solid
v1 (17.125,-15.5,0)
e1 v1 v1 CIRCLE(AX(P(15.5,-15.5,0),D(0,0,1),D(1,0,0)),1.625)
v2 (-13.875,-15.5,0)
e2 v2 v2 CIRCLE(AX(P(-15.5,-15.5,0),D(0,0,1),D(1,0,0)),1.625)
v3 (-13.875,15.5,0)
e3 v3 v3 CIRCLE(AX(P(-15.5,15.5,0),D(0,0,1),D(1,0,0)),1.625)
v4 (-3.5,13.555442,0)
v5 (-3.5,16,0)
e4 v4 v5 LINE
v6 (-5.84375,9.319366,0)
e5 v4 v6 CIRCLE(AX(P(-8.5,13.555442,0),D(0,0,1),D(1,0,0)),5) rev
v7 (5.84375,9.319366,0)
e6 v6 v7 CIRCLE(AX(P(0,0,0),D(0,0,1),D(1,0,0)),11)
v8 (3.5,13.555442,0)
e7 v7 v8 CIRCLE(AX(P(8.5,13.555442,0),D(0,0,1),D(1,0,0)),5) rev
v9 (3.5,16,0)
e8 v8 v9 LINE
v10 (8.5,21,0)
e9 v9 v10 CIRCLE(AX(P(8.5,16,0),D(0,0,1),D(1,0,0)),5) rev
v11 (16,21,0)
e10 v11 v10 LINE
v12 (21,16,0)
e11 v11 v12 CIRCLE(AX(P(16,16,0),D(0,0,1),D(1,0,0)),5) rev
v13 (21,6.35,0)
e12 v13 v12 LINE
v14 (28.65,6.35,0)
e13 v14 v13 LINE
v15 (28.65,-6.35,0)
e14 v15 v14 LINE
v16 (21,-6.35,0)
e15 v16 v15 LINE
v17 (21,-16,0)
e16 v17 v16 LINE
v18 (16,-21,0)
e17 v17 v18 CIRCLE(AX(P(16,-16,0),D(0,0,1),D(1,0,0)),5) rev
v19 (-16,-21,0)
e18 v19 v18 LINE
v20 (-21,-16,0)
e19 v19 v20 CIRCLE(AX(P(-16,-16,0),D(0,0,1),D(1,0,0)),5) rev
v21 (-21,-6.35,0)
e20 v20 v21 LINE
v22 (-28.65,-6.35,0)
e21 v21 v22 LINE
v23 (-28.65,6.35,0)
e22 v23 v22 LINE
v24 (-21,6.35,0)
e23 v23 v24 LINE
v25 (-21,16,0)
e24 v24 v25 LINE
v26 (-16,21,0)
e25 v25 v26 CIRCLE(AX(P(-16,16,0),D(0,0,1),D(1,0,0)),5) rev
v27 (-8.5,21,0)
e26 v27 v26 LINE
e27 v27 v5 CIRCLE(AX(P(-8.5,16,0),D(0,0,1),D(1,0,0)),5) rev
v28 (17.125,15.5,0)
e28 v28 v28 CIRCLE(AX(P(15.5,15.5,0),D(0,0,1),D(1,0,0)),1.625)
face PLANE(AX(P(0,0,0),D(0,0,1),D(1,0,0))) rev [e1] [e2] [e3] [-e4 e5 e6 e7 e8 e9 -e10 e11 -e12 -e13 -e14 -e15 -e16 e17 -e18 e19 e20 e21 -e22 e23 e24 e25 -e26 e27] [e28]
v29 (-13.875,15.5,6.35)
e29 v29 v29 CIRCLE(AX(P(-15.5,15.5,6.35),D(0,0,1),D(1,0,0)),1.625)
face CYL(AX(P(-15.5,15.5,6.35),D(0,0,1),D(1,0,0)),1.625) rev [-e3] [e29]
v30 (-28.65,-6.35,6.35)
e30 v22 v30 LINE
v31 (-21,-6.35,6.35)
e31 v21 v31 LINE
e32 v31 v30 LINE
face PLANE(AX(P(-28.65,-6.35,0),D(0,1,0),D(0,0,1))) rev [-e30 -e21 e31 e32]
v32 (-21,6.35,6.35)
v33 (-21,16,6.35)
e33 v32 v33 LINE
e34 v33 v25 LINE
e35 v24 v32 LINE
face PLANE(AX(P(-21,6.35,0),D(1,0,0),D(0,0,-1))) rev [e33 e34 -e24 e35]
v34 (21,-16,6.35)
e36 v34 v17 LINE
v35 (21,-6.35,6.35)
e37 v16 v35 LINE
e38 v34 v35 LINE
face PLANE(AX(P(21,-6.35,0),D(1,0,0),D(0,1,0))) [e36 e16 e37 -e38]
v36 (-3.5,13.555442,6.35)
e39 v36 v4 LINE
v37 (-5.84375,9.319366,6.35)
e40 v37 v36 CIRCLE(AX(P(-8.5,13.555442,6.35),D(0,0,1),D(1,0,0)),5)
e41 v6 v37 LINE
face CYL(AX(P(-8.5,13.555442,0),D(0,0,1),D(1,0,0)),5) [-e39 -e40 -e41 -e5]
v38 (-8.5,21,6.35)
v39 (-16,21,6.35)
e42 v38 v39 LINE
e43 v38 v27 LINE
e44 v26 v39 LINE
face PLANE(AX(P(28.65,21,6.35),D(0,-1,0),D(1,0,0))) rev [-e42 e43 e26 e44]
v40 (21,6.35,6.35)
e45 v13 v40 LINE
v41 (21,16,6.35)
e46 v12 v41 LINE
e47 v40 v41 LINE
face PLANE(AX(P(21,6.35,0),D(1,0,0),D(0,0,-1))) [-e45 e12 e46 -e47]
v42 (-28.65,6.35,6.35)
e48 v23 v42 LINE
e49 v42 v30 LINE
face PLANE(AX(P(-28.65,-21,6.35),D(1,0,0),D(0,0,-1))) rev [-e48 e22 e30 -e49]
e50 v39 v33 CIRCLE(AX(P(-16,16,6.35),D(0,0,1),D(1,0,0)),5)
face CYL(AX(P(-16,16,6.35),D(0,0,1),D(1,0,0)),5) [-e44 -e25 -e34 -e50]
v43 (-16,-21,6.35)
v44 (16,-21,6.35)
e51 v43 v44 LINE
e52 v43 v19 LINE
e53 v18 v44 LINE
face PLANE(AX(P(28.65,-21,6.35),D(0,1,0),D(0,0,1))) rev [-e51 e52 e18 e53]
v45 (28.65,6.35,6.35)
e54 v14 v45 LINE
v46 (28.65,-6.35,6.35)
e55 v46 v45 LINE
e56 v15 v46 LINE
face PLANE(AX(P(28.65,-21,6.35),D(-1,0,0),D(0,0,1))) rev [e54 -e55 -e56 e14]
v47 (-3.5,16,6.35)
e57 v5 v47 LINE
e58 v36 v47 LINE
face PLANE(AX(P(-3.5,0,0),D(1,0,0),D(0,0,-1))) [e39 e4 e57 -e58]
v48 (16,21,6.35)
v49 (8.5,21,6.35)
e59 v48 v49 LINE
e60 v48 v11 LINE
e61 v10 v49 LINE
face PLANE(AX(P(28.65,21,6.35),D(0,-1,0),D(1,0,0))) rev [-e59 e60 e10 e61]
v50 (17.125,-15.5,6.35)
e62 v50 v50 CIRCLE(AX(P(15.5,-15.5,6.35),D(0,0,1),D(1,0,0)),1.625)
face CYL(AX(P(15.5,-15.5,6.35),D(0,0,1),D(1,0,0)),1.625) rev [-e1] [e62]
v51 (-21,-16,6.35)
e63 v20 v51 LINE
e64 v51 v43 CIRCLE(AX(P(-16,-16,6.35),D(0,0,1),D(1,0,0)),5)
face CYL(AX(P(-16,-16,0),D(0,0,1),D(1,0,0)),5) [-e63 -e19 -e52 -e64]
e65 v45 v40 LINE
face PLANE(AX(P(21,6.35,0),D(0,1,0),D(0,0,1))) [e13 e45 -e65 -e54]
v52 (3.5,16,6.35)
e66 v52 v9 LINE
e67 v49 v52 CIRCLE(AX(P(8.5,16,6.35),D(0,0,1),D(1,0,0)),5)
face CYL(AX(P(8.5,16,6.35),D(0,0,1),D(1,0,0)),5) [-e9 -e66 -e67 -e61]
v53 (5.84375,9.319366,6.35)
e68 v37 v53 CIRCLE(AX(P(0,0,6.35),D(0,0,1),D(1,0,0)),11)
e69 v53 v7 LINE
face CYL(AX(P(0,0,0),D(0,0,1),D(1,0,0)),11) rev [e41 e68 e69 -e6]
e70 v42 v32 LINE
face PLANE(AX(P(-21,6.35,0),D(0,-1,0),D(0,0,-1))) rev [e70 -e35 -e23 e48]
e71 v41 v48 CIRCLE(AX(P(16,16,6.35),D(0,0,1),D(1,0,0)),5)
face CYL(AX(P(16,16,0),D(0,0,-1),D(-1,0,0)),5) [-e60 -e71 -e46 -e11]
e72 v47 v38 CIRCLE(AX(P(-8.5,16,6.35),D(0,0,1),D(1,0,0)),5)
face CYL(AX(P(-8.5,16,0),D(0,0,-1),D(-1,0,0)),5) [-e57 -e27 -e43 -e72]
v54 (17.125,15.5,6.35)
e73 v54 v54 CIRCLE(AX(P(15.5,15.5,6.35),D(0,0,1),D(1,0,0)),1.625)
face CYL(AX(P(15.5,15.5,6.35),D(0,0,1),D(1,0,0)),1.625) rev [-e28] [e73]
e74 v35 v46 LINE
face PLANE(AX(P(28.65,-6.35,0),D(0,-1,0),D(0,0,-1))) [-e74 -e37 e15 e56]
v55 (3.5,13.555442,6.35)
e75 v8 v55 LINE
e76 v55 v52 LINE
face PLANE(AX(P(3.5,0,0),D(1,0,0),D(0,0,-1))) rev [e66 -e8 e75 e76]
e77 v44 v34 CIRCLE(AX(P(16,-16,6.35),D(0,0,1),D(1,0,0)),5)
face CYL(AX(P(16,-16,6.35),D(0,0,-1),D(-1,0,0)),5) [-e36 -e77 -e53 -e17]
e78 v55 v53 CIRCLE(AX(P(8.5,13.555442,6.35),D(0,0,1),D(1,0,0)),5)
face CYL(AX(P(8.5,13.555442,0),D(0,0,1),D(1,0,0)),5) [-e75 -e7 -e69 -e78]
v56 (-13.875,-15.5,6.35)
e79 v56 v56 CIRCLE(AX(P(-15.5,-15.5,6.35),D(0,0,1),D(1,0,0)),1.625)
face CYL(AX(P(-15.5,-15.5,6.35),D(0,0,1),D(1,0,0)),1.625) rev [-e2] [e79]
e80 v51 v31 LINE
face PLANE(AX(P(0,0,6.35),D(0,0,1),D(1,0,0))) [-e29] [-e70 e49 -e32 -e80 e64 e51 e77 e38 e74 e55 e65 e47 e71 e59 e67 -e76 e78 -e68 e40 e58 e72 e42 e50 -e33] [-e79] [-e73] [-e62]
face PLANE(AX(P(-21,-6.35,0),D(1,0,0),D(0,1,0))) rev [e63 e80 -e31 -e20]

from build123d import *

# Parameters (mm, degrees)
SKETCH1_W                   = 57.3
SKETCH1_H                   = 42
BOSS_EXTRUDE1_DEPTH         = 6.35
TAP_DRILL_FOR_M3X0_5_TAP1_D = 3.25
CUT_EXTRUDE1_DEPTH          = 37.085246293
SKETCH5_W                   = 7.65
SKETCH5_H                   = 14.65
CUT_EXTRUDE2_DEPTH          = 37.085246293
FILLET1_R                   = 5


with BuildPart() as part:
    # Sketch1 → Boss-Extrude1 (new body)
    with BuildSketch(Plane.XY):
        Rectangle(SKETCH1_W, SKETCH1_H)
    extrude(amount=BOSS_EXTRUDE1_DEPTH)

    # Tap Drill for M3x0.5 Tap1 (through all)
    with Locations(Plane.XY.offset(6.35)):
        with Locations((15.5, 15.5), (15.5, -15.5), (-15.5, 15.5), (-15.5, -15.5)):
            Hole(TAP_DRILL_FOR_M3X0_5_TAP1_D / 2)

    # Sketch4 → Cut-Extrude1 (cut, through all)
    with BuildSketch(Plane.XY.offset(6.35)):
        with BuildLine():
            ThreePointArc((11, 0), (8.93028555, 6.422616289), (3.5, 10.428326807))
            Line((3.5, 10.428326807), (-3.5, 10.428326807))
            ThreePointArc((-3.5, 10.428326807), (-6.422616289, -8.93028555), (11, 0))
        make_face()
        with BuildLine():
            Line((-3.5, 10.428326807), (3.5, 10.428326807))
            ThreePointArc((3.5, 10.428326807), (0, 11), (-3.5, 10.428326807))
        make_face()
        with BuildLine():
            ThreePointArc((-3.5, 10.428326807), (0, 11), (3.5, 10.428326807))
            Line((3.5, 10.428326807), (3.5, 21))
            Line((3.5, 21), (-3.5, 21))
            Line((-3.5, 21), (-3.5, 10.428326807))
        make_face()
    extrude(amount=-CUT_EXTRUDE1_DEPTH, mode=Mode.SUBTRACT)

    # Sketch5 → Cut-Extrude2 (cut, through all)
    with BuildSketch(Plane.XY.offset(6.35)):
        with Locations((-24.825, 13.675)):
            Rectangle(SKETCH5_W, SKETCH5_H)
        with Locations((-24.825, -13.675)):
            Rectangle(SKETCH5_W, SKETCH5_H)
    cut_extrude2 = extrude(amount=-CUT_EXTRUDE2_DEPTH, mode=Mode.SUBTRACT)

    # Mirror1: Cut-Extrude2 across plane
    add(cut_extrude2.mirror(Plane(origin=(0, 0, 0), x_dir=(0, 0, 1), z_dir=(1, 0, 0))), mode=Mode.SUBTRACT)

    # Fillet1
    fillet1_edges = [part.edges().sort_by_distance(p)[0] for p in [
        (3.5, 10.428326807, 3.175),
        (-3.5, 10.428326807, 3.175),
        (-3.5, 21, 3.175),
        (3.5, 21, 3.175),
        (-21, 21, 3.175),
        (-21, -21, 3.175),
        (21, 21, 3.175),
        (21, -21, 3.175),
    ]]
    fillet(fillet1_edges, radius=FILLET1_R)


solid = part.part
